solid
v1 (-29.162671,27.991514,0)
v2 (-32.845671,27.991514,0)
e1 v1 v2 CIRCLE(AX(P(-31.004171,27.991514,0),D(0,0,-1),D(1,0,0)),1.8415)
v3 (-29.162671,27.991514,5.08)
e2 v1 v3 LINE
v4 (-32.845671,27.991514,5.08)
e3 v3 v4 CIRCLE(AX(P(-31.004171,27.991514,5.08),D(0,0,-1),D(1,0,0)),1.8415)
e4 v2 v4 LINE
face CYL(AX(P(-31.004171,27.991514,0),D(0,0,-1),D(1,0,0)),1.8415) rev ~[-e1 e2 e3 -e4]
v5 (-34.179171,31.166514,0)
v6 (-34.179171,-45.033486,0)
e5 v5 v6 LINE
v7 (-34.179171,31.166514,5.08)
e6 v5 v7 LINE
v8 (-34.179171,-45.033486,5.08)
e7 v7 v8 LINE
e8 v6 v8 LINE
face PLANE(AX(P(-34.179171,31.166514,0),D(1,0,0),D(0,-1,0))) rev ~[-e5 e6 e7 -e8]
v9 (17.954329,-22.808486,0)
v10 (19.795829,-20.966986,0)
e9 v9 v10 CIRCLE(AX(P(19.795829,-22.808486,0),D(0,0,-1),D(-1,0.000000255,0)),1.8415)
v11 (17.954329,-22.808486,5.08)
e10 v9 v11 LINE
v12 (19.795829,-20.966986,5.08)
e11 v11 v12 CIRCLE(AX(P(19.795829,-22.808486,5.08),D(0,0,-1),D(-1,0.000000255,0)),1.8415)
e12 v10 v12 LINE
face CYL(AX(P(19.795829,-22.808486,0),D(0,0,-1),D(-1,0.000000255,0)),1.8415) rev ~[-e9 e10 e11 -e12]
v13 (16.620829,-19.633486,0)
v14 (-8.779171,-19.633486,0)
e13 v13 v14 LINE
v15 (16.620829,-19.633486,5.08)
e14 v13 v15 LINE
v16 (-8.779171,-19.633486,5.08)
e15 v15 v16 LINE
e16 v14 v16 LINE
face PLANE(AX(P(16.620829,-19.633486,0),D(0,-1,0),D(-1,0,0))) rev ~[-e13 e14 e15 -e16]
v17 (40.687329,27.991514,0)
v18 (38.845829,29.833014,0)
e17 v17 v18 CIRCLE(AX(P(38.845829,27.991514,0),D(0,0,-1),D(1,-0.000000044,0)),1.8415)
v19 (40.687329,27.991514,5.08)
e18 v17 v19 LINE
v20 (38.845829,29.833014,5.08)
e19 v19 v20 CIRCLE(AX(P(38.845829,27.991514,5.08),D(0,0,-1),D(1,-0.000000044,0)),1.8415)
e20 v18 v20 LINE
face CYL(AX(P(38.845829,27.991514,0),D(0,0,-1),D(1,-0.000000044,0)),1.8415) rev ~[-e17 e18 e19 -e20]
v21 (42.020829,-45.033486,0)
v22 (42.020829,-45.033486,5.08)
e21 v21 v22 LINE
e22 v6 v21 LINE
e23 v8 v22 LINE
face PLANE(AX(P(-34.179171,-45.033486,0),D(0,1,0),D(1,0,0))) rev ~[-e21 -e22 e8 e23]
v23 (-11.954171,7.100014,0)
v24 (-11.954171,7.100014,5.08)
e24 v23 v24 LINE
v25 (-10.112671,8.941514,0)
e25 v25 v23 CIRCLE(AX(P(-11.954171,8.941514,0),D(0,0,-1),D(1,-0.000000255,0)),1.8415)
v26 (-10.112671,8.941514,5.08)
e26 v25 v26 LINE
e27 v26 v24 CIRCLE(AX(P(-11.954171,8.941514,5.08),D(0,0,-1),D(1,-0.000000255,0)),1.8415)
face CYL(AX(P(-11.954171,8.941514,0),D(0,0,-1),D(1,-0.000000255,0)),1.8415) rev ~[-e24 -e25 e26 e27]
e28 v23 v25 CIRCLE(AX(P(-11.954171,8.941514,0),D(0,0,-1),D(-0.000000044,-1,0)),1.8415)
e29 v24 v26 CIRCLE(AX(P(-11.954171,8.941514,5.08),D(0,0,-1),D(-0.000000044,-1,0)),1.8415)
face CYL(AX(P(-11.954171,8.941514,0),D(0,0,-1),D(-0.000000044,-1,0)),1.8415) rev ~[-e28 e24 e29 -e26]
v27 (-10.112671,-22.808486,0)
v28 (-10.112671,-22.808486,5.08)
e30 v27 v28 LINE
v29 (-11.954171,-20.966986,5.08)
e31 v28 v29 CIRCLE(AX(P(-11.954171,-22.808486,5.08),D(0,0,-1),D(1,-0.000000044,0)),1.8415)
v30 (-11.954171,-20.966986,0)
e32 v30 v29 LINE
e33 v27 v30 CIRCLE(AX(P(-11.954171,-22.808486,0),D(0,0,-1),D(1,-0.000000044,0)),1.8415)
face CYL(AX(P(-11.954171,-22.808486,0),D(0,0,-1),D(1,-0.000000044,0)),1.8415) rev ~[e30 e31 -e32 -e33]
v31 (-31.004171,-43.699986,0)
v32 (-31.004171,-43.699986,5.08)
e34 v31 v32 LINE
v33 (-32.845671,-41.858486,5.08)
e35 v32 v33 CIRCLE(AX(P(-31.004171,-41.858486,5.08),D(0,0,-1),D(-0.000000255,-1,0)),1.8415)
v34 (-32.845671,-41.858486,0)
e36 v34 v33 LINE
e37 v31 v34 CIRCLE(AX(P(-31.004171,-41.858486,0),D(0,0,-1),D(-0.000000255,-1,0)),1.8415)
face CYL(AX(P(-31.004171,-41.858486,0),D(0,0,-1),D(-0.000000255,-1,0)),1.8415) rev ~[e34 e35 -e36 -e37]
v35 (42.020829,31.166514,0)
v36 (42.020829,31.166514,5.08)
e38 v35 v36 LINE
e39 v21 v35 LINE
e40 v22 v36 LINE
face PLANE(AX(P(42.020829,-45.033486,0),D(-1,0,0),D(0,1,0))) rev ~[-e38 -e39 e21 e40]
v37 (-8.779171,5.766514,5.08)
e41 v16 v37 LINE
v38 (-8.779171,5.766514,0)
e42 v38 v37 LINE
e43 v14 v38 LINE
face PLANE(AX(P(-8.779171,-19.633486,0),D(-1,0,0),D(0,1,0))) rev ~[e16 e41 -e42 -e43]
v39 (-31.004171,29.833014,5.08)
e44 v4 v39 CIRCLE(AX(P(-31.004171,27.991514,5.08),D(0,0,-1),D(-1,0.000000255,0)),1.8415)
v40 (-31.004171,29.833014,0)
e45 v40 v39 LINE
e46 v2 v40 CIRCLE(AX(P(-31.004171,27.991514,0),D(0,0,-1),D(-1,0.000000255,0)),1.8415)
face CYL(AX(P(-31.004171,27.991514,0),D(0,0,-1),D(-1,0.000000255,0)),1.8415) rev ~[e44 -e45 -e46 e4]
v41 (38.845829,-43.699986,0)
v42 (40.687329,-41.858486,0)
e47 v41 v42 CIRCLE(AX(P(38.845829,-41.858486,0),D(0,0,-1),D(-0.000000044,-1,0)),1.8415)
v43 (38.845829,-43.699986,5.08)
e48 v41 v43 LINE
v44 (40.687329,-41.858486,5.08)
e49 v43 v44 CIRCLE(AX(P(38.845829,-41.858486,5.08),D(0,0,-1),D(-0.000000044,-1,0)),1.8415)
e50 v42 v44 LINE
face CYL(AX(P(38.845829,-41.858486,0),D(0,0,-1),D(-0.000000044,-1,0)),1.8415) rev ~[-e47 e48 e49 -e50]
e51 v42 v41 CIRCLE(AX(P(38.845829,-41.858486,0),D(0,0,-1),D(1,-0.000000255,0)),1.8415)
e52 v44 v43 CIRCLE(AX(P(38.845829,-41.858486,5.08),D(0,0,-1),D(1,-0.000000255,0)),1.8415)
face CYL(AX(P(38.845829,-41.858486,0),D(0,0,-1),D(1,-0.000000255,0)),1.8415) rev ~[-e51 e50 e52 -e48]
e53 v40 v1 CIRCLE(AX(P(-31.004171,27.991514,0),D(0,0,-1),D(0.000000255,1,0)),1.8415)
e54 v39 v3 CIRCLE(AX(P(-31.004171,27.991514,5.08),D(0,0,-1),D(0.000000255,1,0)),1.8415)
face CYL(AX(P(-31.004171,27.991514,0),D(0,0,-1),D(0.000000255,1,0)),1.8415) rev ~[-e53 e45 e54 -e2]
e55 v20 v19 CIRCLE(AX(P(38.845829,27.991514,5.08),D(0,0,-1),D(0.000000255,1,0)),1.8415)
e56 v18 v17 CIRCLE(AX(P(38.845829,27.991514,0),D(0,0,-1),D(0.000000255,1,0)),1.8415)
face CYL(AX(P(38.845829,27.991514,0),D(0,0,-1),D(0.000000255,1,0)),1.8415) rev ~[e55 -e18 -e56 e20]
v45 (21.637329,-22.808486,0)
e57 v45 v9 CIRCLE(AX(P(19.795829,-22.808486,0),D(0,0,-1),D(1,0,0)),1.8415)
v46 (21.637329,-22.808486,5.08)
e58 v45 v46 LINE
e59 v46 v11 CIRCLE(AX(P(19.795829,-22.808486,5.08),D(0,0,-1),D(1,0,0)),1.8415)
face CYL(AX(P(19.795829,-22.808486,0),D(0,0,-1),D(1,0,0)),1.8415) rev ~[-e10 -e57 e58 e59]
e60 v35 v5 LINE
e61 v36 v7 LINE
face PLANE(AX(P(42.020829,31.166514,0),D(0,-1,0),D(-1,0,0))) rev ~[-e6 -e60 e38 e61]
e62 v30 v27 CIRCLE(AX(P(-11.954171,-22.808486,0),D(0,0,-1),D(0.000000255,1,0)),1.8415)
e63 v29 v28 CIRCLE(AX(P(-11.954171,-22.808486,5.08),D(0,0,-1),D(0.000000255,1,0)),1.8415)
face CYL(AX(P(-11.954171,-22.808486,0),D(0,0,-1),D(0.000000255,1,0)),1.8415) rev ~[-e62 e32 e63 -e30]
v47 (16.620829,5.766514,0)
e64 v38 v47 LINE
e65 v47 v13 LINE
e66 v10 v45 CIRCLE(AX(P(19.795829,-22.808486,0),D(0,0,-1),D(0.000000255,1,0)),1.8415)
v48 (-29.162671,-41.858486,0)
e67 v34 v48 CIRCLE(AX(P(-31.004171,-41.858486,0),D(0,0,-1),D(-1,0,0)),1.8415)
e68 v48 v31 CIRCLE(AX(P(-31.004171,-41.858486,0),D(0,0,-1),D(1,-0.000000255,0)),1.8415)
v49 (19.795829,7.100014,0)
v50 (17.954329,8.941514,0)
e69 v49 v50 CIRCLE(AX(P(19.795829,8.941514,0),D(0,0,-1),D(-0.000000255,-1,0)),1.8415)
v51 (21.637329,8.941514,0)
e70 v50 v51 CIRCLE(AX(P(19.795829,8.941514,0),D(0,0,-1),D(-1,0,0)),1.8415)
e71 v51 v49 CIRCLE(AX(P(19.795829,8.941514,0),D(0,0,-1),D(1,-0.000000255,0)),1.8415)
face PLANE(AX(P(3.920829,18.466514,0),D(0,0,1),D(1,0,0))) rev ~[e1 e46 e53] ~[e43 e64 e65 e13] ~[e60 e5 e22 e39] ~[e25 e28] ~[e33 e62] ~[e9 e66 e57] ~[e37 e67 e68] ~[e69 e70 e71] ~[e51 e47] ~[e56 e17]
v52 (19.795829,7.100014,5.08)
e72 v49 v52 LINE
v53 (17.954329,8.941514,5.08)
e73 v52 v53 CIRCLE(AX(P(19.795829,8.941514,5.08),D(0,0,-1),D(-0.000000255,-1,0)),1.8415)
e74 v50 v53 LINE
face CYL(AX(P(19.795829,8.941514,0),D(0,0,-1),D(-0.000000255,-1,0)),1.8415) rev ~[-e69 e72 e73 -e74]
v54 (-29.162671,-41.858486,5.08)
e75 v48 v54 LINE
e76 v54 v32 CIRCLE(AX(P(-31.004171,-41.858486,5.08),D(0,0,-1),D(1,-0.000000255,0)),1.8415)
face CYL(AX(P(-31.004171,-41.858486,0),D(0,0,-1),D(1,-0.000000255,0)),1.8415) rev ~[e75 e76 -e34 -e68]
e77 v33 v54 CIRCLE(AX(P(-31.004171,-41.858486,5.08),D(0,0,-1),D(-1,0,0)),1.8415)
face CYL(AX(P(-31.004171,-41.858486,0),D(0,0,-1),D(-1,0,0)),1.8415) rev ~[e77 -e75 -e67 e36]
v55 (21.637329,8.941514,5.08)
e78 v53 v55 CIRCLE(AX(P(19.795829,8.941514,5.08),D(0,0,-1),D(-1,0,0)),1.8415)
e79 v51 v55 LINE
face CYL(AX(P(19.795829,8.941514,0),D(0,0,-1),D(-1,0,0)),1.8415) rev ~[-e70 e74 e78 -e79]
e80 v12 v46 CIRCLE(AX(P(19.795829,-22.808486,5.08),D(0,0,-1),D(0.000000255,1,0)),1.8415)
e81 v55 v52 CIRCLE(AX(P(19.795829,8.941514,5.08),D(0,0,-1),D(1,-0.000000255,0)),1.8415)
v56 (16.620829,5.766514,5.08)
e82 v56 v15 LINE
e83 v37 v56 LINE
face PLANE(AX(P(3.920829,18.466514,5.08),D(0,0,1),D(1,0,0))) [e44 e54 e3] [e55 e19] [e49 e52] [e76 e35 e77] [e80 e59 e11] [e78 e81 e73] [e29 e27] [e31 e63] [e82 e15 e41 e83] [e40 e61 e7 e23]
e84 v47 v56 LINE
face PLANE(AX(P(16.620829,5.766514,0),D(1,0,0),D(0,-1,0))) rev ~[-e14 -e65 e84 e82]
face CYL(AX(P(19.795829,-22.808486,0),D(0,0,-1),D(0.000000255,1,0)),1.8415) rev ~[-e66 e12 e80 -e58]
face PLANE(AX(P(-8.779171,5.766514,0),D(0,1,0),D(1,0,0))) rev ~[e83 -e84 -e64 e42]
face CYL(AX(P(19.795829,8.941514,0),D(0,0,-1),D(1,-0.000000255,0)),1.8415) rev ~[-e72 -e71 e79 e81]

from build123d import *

# Parameters (mm, degrees)
F1_DEPTH = 5.08


with BuildPart() as f1:
    # F0 (on Top) → F1 (new body)
    with BuildSketch(Plane.XY):
        Polygon((16.620829, 31.166514), (-8.779171, 31.166514), (-8.779171, 8.941514), (-8.779171, 5.766514), (16.620829, 5.766514), (16.620829, 8.941514), align=None)
        with BuildLine():
            Line((-8.779171, 31.166514), (-31.004171, 31.166514))
            Line((-31.004171, 31.166514), (-31.004171, 29.833014))
            ThreePointArc((-31.004171, 29.833014), (-29.702034, 29.293651), (-29.162671, 27.991514))
            ThreePointArc((-29.162671, 27.991514), (-31.004171, 26.150014), (-32.845671, 27.991514))
            Line((-32.845671, 27.991514), (-34.179171, 27.991514))
            Line((-34.179171, 27.991514), (-34.179171, 5.766514))
            Line((-34.179171, 5.766514), (-11.954171, 5.766514))
            Line((-11.954171, 5.766514), (-11.954171, 7.100014))
            ThreePointArc((-11.954171, 7.100014), (-13.256308, 10.243651), (-10.112671, 8.941514))
            Line((-10.112671, 8.941514), (-8.779171, 8.941514))
            Line((-8.779171, 8.941514), (-8.779171, 31.166514))
        make_face()
        Polygon((-11.954171, 5.766514), (-34.179171, 5.766514), (-34.179171, -19.633486), (-11.954171, -19.633486), (-8.779171, -19.633486), (-8.779171, 5.766514), align=None)
        with BuildLine():
            Line((-11.954171, -19.633486), (-34.179171, -19.633486))
            Line((-34.179171, -19.633486), (-34.179171, -41.858486))
            Line((-34.179171, -41.858486), (-32.845671, -41.858486))
            ThreePointArc((-32.845671, -41.858486), (-31.004171, -40.016986), (-29.162671, -41.858486))
            ThreePointArc((-29.162671, -41.858486), (-29.702034, -43.160623), (-31.004171, -43.699986))
            Line((-31.004171, -43.699986), (-31.004171, -45.033486))
            Line((-31.004171, -45.033486), (-8.779171, -45.033486))
            Line((-8.779171, -45.033486), (-8.779171, -22.808486))
            Line((-8.779171, -22.808486), (-10.112671, -22.808486))
            ThreePointArc((-10.112671, -22.808486), (-13.256308, -24.110623), (-11.954171, -20.966986))
            Line((-11.954171, -20.966986), (-11.954171, -19.633486))
        make_face()
        Polygon((16.620829, -19.633486), (-8.779171, -19.633486), (-8.779171, -22.808486), (-8.779171, -45.033486), (16.620829, -45.033486), (16.620829, -22.808486), align=None)
        with BuildLine():
            Line((16.620829, -22.808486), (16.620829, -45.033486))
            Line((16.620829, -45.033486), (38.845829, -45.033486))
            Line((38.845829, -45.033486), (38.845829, -43.699986))
            ThreePointArc((38.845829, -43.699986), (37.543692, -40.556349), (40.687329, -41.858486))
            Line((40.687329, -41.858486), (42.020829, -41.858486))
            Line((42.020829, -41.858486), (42.020829, -19.633486))
            Line((42.020829, -19.633486), (19.795829, -19.633486))
            Line((19.795829, -19.633486), (19.795829, -20.966986))
            ThreePointArc((19.795829, -20.966986), (21.097966, -21.506349), (21.637329, -22.808486))
            ThreePointArc((21.637329, -22.808486), (19.795829, -24.649986), (17.954329, -22.808486))
            Line((17.954329, -22.808486), (16.620829, -22.808486))
        make_face()
        Polygon((19.795829, 5.766514), (16.620829, 5.766514), (16.620829, -19.633486), (19.795829, -19.633486), (42.020829, -19.633486), (42.020829, 5.766514), align=None)
        with BuildLine():
            Line((38.845829, 31.166514), (16.620829, 31.166514))
            Line((16.620829, 31.166514), (16.620829, 8.941514))
            Line((16.620829, 8.941514), (17.954329, 8.941514))
            ThreePointArc((17.954329, 8.941514), (19.795829, 10.783014), (21.637329, 8.941514))
            ThreePointArc((21.637329, 8.941514), (21.097966, 7.639377), (19.795829, 7.100014))
            Line((19.795829, 7.100014), (19.795829, 5.766514))
            Line((19.795829, 5.766514), (42.020829, 5.766514))
            Line((42.020829, 5.766514), (42.020829, 27.991514))
            Line((42.020829, 27.991514), (40.687329, 27.991514))
            ThreePointArc((40.687329, 27.991514), (37.543692, 26.689377), (38.845829, 29.833014))
            Line((38.845829, 29.833014), (38.845829, 31.166514))
        make_face()
        with BuildLine():
            Line((17.954329, 8.941514), (16.620829, 8.941514))
            Line((16.620829, 8.941514), (16.620829, 5.766514))
            Line((16.620829, 5.766514), (19.795829, 5.766514))
            Line((19.795829, 5.766514), (19.795829, 7.100014))
            ThreePointArc((19.795829, 7.100014), (18.493692, 7.639377), (17.954329, 8.941514))
        make_face()
        with BuildLine():
            Line((42.020829, 27.991514), (42.020829, 31.166514))
            Line((42.020829, 31.166514), (38.845829, 31.166514))
            Line((38.845829, 31.166514), (38.845829, 29.833014))
            ThreePointArc((38.845829, 29.833014), (40.147966, 29.293651), (40.687329, 27.991514))
            Line((40.687329, 27.991514), (42.020829, 27.991514))
        make_face()
        with BuildLine():
            Line((-8.779171, 5.766514), (-8.779171, 8.941514))
            Line((-8.779171, 8.941514), (-10.112671, 8.941514))
            ThreePointArc((-10.112671, 8.941514), (-10.652034, 7.639377), (-11.954171, 7.100014))
            Line((-11.954171, 7.100014), (-11.954171, 5.766514))
            Line((-11.954171, 5.766514), (-8.779171, 5.766514))
        make_face()
        with BuildLine():
            Line((-8.779171, -19.633486), (-11.954171, -19.633486))
            Line((-11.954171, -19.633486), (-11.954171, -20.966986))
            ThreePointArc((-11.954171, -20.966986), (-10.652034, -21.506349), (-10.112671, -22.808486))
            Line((-10.112671, -22.808486), (-8.779171, -22.808486))
            Line((-8.779171, -22.808486), (-8.779171, -19.633486))
        make_face()
        with BuildLine():
            Line((19.795829, -19.633486), (16.620829, -19.633486))
            Line((16.620829, -19.633486), (16.620829, -22.808486))
            Line((16.620829, -22.808486), (17.954329, -22.808486))
            ThreePointArc((17.954329, -22.808486), (18.493692, -21.506349), (19.795829, -20.966986))
            Line((19.795829, -20.966986), (19.795829, -19.633486))
        make_face()
        with BuildLine():
            Line((-31.004171, 31.166514), (-34.179171, 31.166514))
            Line((-34.179171, 31.166514), (-34.179171, 27.991514))
            Line((-34.179171, 27.991514), (-32.845671, 27.991514))
            ThreePointArc((-32.845671, 27.991514), (-32.306308, 29.293651), (-31.004171, 29.833014))
            Line((-31.004171, 29.833014), (-31.004171, 31.166514))
        make_face()
        with BuildLine():
            Line((-34.179171, -41.858486), (-34.179171, -45.033486))
            Line((-34.179171, -45.033486), (-31.004171, -45.033486))
            Line((-31.004171, -45.033486), (-31.004171, -43.699986))
            ThreePointArc((-31.004171, -43.699986), (-32.306308, -43.160623), (-32.845671, -41.858486))
            Line((-32.845671, -41.858486), (-34.179171, -41.858486))
        make_face()
        with BuildLine():
            Line((38.845829, -45.033486), (42.020829, -45.033486))
            Line((42.020829, -45.033486), (42.020829, -41.858486))
            Line((42.020829, -41.858486), (40.687329, -41.858486))
            ThreePointArc((40.687329, -41.858486), (40.147966, -43.160623), (38.845829, -43.699986))
            Line((38.845829, -43.699986), (38.845829, -45.033486))
        make_face()
    extrude(amount=F1_DEPTH)


solid = f1.part
